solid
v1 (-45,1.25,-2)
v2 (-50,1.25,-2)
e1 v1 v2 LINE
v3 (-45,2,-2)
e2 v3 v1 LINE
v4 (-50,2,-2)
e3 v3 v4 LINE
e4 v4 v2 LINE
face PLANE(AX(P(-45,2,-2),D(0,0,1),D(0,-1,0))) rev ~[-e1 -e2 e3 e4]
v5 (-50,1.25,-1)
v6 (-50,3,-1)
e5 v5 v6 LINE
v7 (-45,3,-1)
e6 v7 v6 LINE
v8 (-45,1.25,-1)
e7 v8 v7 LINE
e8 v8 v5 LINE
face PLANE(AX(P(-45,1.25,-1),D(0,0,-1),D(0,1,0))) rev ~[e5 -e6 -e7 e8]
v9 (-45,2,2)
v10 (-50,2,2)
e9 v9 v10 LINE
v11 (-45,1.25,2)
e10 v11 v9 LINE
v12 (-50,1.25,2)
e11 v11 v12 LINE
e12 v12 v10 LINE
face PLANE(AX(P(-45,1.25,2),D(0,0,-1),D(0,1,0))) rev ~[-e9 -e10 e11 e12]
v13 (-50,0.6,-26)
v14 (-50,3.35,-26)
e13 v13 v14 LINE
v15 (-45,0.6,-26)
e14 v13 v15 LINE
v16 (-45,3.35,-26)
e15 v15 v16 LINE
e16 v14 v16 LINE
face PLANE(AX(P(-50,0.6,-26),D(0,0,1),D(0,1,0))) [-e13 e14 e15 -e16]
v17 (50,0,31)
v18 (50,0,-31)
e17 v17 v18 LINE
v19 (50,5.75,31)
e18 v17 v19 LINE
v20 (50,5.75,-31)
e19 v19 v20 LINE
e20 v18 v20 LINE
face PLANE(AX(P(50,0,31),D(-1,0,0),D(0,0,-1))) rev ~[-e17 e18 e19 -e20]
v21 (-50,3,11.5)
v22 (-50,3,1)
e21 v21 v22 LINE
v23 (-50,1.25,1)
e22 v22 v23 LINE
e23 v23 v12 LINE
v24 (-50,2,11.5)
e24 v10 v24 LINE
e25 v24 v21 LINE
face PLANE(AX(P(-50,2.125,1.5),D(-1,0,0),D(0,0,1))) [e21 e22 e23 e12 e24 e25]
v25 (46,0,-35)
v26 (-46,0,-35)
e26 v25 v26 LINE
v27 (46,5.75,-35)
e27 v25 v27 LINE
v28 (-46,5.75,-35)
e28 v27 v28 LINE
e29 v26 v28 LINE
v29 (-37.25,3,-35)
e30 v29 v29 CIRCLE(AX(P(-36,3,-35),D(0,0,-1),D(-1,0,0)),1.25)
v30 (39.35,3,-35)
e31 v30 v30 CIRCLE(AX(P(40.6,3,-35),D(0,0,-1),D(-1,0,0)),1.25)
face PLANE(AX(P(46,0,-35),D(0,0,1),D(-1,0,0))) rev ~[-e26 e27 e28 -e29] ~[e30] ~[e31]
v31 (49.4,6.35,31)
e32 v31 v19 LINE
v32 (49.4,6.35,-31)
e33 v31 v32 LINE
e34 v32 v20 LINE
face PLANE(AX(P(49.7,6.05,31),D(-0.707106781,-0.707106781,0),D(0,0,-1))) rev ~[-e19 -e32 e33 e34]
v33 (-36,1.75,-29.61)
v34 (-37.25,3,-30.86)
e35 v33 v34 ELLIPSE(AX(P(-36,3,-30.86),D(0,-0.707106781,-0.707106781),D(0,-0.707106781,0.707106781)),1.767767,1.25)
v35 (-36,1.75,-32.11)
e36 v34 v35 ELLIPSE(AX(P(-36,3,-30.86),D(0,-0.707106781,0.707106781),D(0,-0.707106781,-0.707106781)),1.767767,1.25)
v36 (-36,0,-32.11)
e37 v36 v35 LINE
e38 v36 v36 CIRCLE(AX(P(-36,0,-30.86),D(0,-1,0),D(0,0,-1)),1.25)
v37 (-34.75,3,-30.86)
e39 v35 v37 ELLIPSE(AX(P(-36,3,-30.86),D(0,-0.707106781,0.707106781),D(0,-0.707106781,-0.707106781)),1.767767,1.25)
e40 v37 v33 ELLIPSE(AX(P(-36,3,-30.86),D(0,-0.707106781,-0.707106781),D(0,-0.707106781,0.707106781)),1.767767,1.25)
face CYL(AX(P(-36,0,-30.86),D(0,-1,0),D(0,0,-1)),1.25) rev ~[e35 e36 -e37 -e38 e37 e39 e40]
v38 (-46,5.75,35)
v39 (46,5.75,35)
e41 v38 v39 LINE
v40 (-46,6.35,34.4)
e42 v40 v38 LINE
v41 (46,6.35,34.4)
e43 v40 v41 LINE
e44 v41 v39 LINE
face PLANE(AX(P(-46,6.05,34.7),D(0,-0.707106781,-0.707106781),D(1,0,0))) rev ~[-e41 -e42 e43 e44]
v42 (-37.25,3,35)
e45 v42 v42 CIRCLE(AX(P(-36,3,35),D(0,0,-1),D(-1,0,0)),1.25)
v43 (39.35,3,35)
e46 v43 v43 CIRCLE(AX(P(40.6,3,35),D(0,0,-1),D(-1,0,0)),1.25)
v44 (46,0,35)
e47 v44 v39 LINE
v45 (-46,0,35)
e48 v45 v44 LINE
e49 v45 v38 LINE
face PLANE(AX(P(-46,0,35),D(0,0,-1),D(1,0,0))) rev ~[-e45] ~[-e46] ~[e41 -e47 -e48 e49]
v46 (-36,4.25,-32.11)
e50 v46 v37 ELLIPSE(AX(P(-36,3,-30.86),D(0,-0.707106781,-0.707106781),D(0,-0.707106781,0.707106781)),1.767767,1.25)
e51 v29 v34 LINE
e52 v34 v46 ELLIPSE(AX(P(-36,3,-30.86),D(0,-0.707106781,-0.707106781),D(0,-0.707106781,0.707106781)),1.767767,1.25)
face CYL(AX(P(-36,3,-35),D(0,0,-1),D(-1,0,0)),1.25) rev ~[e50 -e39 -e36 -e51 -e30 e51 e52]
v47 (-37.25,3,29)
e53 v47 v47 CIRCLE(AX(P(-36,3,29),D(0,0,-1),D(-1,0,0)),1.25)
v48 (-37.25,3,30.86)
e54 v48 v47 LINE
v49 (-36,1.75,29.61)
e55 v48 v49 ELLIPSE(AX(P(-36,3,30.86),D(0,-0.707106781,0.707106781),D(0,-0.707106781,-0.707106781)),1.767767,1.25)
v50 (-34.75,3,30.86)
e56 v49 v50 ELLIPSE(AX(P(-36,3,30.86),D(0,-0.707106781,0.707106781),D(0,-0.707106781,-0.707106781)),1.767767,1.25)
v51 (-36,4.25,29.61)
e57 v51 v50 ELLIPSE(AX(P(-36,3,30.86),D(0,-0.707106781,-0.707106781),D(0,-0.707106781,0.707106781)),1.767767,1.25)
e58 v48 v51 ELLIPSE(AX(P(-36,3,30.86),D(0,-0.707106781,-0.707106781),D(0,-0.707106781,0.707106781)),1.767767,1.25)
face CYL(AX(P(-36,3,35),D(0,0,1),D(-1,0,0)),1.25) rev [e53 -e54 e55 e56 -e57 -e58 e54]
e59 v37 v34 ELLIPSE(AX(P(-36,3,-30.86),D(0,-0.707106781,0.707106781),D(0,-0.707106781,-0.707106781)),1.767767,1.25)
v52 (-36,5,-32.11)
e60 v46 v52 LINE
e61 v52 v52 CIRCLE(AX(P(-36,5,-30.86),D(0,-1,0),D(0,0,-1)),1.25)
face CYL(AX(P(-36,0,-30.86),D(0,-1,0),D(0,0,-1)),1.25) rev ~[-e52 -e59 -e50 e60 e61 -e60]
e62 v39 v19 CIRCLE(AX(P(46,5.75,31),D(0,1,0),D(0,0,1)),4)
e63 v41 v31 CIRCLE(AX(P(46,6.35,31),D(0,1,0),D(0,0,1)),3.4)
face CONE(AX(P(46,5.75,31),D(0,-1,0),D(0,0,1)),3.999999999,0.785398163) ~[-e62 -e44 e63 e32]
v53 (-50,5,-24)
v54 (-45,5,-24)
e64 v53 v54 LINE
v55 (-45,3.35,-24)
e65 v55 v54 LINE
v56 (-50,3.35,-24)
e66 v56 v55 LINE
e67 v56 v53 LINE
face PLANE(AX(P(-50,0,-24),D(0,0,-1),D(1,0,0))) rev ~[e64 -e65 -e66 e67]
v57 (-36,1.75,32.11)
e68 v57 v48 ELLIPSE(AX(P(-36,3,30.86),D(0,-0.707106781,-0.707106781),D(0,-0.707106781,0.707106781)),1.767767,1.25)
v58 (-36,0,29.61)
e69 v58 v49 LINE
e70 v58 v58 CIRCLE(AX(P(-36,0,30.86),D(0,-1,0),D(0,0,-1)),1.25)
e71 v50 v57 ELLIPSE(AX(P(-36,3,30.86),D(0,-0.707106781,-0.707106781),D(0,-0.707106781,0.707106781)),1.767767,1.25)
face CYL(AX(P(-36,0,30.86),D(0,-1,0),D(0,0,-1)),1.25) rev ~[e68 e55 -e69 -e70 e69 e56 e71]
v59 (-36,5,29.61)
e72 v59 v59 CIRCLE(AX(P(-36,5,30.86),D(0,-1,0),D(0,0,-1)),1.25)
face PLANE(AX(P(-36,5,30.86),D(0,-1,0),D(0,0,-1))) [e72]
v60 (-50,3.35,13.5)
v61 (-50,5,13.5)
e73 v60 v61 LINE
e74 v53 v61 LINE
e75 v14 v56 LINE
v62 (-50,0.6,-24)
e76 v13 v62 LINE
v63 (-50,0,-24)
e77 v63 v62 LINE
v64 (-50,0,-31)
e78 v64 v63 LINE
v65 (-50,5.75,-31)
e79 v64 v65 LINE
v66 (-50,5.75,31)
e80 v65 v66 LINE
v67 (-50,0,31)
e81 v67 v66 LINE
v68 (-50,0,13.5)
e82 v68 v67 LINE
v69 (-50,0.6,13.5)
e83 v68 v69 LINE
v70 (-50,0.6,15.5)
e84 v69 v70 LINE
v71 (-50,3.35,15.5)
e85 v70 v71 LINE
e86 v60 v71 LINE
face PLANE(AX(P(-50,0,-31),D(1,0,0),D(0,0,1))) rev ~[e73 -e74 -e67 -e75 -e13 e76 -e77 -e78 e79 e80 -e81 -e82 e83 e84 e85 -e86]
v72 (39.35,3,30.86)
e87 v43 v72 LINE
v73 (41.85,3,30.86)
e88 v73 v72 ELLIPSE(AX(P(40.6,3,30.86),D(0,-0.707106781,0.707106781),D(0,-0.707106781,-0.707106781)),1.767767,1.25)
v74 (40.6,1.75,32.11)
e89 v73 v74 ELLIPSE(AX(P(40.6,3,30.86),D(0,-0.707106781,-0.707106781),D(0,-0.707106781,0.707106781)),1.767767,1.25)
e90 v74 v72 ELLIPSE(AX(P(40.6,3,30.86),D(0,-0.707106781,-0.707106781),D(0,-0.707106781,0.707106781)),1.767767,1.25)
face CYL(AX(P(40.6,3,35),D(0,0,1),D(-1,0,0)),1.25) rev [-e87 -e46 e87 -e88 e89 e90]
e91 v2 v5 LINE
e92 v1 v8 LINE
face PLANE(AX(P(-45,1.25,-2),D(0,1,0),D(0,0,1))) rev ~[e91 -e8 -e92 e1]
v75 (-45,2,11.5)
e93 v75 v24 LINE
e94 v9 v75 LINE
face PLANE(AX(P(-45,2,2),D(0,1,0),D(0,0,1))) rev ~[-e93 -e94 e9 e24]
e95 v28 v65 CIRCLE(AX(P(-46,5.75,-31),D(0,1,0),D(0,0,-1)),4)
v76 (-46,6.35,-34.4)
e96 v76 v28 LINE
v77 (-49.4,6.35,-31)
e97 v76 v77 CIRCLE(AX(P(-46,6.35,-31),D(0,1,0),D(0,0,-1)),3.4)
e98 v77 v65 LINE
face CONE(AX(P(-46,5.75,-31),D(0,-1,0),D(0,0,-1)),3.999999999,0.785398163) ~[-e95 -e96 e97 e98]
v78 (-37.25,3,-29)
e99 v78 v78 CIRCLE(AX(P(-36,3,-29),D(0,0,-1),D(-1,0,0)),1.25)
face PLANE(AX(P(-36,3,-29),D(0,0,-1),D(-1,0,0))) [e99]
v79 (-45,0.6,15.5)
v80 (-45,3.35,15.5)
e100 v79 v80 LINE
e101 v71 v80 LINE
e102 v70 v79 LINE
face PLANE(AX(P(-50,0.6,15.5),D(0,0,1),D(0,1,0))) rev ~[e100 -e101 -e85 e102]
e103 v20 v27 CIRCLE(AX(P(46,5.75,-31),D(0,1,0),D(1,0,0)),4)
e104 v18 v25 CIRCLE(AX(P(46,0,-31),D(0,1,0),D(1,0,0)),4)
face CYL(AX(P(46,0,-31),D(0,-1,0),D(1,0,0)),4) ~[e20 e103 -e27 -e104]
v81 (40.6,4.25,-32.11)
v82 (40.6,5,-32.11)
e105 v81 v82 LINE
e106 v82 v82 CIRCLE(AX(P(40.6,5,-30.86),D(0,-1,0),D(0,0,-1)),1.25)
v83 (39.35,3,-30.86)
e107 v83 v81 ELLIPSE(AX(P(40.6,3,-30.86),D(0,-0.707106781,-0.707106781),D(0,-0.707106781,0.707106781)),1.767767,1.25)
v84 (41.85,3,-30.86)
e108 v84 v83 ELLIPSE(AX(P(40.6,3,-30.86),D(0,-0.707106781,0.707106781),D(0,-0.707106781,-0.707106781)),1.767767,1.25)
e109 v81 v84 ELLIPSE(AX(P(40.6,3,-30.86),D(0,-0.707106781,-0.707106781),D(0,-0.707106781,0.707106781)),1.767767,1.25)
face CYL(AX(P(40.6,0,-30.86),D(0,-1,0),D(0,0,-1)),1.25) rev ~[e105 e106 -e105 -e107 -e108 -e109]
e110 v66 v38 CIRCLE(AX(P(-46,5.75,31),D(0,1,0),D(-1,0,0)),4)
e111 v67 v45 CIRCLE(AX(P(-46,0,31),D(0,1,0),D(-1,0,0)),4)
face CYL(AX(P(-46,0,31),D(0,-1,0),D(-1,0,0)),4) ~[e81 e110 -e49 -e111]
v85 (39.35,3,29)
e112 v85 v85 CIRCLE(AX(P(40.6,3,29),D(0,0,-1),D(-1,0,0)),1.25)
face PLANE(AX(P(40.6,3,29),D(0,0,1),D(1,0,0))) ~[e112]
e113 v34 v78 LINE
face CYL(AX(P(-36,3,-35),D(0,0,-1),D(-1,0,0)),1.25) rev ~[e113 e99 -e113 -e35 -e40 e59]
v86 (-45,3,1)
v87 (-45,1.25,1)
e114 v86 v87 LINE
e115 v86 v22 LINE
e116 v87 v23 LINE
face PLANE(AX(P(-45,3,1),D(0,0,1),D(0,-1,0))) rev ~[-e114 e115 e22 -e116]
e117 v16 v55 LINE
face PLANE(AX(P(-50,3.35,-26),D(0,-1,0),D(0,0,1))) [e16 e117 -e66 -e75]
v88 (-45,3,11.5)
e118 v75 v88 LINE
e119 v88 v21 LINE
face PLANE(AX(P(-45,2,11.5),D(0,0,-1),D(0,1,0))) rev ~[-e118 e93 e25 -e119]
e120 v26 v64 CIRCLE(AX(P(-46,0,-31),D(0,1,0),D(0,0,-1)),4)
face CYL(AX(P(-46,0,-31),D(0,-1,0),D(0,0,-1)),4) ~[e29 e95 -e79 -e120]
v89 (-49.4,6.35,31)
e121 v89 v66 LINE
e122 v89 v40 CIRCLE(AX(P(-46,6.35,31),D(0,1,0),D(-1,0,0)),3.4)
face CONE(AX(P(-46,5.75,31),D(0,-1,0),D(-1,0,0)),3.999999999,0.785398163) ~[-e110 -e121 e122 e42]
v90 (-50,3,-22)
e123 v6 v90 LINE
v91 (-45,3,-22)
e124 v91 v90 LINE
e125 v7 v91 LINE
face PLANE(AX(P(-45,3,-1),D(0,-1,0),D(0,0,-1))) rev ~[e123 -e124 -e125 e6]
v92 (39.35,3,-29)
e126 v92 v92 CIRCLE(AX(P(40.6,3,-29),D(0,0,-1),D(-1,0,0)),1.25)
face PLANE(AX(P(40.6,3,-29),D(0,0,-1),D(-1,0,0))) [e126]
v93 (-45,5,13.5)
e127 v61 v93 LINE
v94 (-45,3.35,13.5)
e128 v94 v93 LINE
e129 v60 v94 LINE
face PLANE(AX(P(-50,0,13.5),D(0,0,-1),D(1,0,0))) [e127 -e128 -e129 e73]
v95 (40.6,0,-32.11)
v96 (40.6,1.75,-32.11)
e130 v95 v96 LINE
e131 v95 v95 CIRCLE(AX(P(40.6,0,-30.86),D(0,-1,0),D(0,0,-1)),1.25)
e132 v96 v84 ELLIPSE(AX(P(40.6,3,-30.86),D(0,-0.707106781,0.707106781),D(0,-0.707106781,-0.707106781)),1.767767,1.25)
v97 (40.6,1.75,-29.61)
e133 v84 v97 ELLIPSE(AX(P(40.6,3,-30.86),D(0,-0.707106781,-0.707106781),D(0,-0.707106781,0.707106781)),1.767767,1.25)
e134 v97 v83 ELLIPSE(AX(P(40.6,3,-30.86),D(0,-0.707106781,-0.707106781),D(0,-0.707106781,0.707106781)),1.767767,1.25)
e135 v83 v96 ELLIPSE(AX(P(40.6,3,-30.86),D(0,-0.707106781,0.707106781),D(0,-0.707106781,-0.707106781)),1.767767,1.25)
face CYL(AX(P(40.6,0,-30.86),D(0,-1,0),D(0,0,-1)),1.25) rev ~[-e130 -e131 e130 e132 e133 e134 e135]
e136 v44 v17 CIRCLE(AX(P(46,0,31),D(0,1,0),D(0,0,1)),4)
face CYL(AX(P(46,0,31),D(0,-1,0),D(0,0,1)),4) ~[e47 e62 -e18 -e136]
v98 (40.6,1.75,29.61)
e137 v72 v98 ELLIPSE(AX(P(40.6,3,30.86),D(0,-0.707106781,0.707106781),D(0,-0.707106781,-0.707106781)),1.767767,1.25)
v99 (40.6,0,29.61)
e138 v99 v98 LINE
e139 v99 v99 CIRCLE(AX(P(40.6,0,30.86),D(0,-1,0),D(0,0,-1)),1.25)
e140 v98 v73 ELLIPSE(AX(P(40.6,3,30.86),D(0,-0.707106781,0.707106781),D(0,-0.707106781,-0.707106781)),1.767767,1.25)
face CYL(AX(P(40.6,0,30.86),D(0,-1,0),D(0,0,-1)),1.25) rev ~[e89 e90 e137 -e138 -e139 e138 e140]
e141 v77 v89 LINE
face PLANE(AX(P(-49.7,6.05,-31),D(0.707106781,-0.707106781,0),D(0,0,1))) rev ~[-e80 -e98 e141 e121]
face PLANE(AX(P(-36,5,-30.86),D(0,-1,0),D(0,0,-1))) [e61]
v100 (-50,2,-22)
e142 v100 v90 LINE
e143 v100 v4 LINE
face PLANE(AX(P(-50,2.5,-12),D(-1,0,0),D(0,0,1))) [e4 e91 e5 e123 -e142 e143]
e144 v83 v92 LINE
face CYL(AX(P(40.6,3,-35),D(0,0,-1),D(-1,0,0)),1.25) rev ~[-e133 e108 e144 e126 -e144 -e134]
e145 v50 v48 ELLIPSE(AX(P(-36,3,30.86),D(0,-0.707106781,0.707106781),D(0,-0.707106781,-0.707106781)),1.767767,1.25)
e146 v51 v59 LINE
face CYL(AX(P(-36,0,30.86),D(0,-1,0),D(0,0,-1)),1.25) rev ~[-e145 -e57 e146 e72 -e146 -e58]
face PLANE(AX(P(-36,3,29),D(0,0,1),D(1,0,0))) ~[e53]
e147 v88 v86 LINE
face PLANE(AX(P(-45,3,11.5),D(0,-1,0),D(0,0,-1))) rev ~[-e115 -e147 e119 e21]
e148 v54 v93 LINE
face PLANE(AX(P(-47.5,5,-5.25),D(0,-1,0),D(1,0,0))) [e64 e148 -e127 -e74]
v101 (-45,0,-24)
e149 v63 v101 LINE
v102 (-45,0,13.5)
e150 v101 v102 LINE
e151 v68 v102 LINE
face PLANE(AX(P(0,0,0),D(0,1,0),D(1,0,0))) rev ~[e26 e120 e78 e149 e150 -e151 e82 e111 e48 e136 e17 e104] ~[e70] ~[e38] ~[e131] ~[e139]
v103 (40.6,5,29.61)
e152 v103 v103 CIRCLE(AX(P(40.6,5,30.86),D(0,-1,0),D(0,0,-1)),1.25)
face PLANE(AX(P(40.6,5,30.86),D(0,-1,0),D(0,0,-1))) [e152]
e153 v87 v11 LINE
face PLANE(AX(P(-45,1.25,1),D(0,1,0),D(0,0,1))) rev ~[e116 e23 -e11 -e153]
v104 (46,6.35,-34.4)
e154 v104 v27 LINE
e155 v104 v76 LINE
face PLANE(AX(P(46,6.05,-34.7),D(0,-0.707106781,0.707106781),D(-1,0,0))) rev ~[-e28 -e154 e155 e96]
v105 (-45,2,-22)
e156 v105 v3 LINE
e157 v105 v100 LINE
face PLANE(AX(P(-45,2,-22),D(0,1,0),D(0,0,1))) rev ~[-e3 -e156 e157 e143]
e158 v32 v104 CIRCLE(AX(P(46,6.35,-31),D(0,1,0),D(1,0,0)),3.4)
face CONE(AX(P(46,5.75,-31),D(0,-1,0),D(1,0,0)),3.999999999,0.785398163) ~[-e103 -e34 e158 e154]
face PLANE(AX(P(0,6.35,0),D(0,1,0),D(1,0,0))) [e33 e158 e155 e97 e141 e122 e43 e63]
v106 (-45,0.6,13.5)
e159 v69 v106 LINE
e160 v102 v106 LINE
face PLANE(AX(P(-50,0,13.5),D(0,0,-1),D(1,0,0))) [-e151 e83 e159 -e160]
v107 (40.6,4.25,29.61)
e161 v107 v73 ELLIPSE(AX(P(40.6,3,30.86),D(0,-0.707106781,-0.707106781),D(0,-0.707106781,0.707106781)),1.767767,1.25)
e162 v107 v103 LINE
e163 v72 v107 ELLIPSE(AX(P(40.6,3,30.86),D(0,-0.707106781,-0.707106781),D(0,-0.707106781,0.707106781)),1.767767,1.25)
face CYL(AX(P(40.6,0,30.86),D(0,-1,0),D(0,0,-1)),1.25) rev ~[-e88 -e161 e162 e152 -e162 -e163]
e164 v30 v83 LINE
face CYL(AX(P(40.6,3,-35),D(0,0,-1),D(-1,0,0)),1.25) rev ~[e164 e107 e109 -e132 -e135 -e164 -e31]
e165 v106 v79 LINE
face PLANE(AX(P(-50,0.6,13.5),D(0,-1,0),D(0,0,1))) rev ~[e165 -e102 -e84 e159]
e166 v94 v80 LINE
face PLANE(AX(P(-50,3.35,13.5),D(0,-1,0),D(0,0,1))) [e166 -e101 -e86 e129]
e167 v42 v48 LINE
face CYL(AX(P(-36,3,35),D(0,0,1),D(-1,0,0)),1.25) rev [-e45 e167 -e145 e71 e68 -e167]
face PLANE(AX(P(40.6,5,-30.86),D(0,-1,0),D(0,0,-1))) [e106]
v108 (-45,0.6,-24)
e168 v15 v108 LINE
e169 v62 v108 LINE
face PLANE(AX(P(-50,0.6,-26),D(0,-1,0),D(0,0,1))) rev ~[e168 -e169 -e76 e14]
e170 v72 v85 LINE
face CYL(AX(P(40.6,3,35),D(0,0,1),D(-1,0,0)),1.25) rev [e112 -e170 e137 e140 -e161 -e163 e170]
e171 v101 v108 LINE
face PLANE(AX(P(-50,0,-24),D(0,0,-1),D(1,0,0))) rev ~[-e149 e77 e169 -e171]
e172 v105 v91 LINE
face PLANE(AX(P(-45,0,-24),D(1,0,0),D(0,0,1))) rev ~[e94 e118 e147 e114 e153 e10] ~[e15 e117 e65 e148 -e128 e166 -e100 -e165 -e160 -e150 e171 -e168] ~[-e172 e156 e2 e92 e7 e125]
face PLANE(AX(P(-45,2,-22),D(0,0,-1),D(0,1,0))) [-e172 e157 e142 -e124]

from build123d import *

# Parameters (mm, degrees)
BOSS_EXTRUDE1_DEPTH = 6.35
SKETCH2_W           = 5
SKETCH2_H           = 37.5
CUT_EXTRUDE1_DEPTH  = 5
SKETCH3_W           = 2
SKETCH3_H           = 2.75
CUT_EXTRUDE2_DEPTH  = 5
SKETCH4_W           = 20
SKETCH4_H           = 1
SKETCH4_W_2         = 9.5
BOSS_EXTRUDE2_DEPTH = 5
SKETCH5_R           = 1.25
CUT_EXTRUDE3_DEPTH  = 5
SKETCH6_R           = 1.25
CUT_EXTRUDE4_DEPTH  = 6
CHAMFER1_SIZE       = 0.6


with BuildPart() as part:
    # Sketch1 → Boss-Extrude1 (new body)
    with BuildSketch(Plane(origin=(0, 0, 0), x_dir=(1, 0, 0), z_dir=(0, 1, 0))):
        with BuildLine():
            Line((-46, -35), (46, -35))
            ThreePointArc((46, -35), (48.828427125, -33.828427125), (50, -31))
            Line((50, -31), (50, 31))
            ThreePointArc((50, 31), (48.828427125, 33.828427125), (46, 35))
            Line((46, 35), (-46, 35))
            ThreePointArc((-46, 35), (-48.828427125, 33.828427125), (-50, 31))
            Line((-50, 31), (-50, -31))
            ThreePointArc((-50, -31), (-48.828427125, -33.828427125), (-46, -35))
        make_face()
    extrude(amount=BOSS_EXTRUDE1_DEPTH)

    # Sketch2 → Cut-Extrude1 (cut)
    with BuildSketch(Plane.XZ):
        with Locations((-47.5, -5.25)):
            Rectangle(SKETCH2_W, SKETCH2_H)
    extrude(amount=-CUT_EXTRUDE1_DEPTH, mode=Mode.SUBTRACT)

    # Sketch3 → Cut-Extrude2 (cut)
    with BuildSketch(Plane.ZY.offset(50)):
        with Locations((-25, 1.975)):
            Rectangle(SKETCH3_W, SKETCH3_H)
        with Locations((14.5, 1.975)):
            Rectangle(SKETCH3_W, SKETCH3_H)
    extrude(amount=-CUT_EXTRUDE2_DEPTH, mode=Mode.SUBTRACT)

    # Sketch4 → Boss-Extrude2 (add)
    with BuildSketch(Plane.ZY.offset(45)):
        with Locations((-12, 2.5)):
            Rectangle(SKETCH4_W, SKETCH4_H)
        Polygon((-1, 3), (-2, 3), (-2, 2), (-2, 1.25), (-1, 1.25), align=None)
        Polygon((2, 2), (2, 3), (1, 3), (1, 1.25), (2, 1.25), align=None)
        with Locations((6.75, 2.5)):
            Rectangle(SKETCH4_W_2, SKETCH4_H)
    extrude(amount=BOSS_EXTRUDE2_DEPTH)

    # Sketch5 → Cut-Extrude3 (cut)
    with BuildSketch(Plane.XZ):
        with Locations(Location((-36, 30.86, 0), (0, 0, 270))):
            Circle(SKETCH5_R)
        with Locations(Location((40.6, 30.86, 0), (0, 0, 270))):
            Circle(SKETCH5_R)
        with Locations(Location((40.6, -30.86, 0), (0, 0, 270))):
            Circle(SKETCH5_R)
        with Locations(Location((-36, -30.86, 0), (0, 0, 270))):
            Circle(SKETCH5_R)
    extrude(amount=-CUT_EXTRUDE3_DEPTH, mode=Mode.SUBTRACT)

    # Sketch6 → Cut-Extrude4 (cut)
    with BuildSketch(Plane(origin=(0, 0, -35), x_dir=(-1, 0, 0), z_dir=(0, 0, -1))):
        with Locations((-40.6, 3)):
            Circle(SKETCH6_R)
        with Locations((36, 3)):
            Circle(SKETCH6_R)
    cut_extrude4 = extrude(amount=-CUT_EXTRUDE4_DEPTH, mode=Mode.SUBTRACT)

    # Mirror1: Cut-Extrude4 across plane
    add(cut_extrude4.mirror(Plane.XY), mode=Mode.SUBTRACT)

    # Chamfer1
    chamfer1_edges = [part.edges().sort_by_distance(p)[0] for p in [
        (48.828427125, 6.35, 33.828427125),
        (50, 6.35, 0),
        (48.828427125, 6.35, -33.828427125),
        (0, 6.35, -35),
        (-48.828427125, 6.35, -33.828427125),
        (-50, 6.35, 0),
        (-48.828427125, 6.35, 33.828427125),
        (0, 6.35, 35),
    ]]
    chamfer(chamfer1_edges, length=CHAMFER1_SIZE)


solid = part.part
